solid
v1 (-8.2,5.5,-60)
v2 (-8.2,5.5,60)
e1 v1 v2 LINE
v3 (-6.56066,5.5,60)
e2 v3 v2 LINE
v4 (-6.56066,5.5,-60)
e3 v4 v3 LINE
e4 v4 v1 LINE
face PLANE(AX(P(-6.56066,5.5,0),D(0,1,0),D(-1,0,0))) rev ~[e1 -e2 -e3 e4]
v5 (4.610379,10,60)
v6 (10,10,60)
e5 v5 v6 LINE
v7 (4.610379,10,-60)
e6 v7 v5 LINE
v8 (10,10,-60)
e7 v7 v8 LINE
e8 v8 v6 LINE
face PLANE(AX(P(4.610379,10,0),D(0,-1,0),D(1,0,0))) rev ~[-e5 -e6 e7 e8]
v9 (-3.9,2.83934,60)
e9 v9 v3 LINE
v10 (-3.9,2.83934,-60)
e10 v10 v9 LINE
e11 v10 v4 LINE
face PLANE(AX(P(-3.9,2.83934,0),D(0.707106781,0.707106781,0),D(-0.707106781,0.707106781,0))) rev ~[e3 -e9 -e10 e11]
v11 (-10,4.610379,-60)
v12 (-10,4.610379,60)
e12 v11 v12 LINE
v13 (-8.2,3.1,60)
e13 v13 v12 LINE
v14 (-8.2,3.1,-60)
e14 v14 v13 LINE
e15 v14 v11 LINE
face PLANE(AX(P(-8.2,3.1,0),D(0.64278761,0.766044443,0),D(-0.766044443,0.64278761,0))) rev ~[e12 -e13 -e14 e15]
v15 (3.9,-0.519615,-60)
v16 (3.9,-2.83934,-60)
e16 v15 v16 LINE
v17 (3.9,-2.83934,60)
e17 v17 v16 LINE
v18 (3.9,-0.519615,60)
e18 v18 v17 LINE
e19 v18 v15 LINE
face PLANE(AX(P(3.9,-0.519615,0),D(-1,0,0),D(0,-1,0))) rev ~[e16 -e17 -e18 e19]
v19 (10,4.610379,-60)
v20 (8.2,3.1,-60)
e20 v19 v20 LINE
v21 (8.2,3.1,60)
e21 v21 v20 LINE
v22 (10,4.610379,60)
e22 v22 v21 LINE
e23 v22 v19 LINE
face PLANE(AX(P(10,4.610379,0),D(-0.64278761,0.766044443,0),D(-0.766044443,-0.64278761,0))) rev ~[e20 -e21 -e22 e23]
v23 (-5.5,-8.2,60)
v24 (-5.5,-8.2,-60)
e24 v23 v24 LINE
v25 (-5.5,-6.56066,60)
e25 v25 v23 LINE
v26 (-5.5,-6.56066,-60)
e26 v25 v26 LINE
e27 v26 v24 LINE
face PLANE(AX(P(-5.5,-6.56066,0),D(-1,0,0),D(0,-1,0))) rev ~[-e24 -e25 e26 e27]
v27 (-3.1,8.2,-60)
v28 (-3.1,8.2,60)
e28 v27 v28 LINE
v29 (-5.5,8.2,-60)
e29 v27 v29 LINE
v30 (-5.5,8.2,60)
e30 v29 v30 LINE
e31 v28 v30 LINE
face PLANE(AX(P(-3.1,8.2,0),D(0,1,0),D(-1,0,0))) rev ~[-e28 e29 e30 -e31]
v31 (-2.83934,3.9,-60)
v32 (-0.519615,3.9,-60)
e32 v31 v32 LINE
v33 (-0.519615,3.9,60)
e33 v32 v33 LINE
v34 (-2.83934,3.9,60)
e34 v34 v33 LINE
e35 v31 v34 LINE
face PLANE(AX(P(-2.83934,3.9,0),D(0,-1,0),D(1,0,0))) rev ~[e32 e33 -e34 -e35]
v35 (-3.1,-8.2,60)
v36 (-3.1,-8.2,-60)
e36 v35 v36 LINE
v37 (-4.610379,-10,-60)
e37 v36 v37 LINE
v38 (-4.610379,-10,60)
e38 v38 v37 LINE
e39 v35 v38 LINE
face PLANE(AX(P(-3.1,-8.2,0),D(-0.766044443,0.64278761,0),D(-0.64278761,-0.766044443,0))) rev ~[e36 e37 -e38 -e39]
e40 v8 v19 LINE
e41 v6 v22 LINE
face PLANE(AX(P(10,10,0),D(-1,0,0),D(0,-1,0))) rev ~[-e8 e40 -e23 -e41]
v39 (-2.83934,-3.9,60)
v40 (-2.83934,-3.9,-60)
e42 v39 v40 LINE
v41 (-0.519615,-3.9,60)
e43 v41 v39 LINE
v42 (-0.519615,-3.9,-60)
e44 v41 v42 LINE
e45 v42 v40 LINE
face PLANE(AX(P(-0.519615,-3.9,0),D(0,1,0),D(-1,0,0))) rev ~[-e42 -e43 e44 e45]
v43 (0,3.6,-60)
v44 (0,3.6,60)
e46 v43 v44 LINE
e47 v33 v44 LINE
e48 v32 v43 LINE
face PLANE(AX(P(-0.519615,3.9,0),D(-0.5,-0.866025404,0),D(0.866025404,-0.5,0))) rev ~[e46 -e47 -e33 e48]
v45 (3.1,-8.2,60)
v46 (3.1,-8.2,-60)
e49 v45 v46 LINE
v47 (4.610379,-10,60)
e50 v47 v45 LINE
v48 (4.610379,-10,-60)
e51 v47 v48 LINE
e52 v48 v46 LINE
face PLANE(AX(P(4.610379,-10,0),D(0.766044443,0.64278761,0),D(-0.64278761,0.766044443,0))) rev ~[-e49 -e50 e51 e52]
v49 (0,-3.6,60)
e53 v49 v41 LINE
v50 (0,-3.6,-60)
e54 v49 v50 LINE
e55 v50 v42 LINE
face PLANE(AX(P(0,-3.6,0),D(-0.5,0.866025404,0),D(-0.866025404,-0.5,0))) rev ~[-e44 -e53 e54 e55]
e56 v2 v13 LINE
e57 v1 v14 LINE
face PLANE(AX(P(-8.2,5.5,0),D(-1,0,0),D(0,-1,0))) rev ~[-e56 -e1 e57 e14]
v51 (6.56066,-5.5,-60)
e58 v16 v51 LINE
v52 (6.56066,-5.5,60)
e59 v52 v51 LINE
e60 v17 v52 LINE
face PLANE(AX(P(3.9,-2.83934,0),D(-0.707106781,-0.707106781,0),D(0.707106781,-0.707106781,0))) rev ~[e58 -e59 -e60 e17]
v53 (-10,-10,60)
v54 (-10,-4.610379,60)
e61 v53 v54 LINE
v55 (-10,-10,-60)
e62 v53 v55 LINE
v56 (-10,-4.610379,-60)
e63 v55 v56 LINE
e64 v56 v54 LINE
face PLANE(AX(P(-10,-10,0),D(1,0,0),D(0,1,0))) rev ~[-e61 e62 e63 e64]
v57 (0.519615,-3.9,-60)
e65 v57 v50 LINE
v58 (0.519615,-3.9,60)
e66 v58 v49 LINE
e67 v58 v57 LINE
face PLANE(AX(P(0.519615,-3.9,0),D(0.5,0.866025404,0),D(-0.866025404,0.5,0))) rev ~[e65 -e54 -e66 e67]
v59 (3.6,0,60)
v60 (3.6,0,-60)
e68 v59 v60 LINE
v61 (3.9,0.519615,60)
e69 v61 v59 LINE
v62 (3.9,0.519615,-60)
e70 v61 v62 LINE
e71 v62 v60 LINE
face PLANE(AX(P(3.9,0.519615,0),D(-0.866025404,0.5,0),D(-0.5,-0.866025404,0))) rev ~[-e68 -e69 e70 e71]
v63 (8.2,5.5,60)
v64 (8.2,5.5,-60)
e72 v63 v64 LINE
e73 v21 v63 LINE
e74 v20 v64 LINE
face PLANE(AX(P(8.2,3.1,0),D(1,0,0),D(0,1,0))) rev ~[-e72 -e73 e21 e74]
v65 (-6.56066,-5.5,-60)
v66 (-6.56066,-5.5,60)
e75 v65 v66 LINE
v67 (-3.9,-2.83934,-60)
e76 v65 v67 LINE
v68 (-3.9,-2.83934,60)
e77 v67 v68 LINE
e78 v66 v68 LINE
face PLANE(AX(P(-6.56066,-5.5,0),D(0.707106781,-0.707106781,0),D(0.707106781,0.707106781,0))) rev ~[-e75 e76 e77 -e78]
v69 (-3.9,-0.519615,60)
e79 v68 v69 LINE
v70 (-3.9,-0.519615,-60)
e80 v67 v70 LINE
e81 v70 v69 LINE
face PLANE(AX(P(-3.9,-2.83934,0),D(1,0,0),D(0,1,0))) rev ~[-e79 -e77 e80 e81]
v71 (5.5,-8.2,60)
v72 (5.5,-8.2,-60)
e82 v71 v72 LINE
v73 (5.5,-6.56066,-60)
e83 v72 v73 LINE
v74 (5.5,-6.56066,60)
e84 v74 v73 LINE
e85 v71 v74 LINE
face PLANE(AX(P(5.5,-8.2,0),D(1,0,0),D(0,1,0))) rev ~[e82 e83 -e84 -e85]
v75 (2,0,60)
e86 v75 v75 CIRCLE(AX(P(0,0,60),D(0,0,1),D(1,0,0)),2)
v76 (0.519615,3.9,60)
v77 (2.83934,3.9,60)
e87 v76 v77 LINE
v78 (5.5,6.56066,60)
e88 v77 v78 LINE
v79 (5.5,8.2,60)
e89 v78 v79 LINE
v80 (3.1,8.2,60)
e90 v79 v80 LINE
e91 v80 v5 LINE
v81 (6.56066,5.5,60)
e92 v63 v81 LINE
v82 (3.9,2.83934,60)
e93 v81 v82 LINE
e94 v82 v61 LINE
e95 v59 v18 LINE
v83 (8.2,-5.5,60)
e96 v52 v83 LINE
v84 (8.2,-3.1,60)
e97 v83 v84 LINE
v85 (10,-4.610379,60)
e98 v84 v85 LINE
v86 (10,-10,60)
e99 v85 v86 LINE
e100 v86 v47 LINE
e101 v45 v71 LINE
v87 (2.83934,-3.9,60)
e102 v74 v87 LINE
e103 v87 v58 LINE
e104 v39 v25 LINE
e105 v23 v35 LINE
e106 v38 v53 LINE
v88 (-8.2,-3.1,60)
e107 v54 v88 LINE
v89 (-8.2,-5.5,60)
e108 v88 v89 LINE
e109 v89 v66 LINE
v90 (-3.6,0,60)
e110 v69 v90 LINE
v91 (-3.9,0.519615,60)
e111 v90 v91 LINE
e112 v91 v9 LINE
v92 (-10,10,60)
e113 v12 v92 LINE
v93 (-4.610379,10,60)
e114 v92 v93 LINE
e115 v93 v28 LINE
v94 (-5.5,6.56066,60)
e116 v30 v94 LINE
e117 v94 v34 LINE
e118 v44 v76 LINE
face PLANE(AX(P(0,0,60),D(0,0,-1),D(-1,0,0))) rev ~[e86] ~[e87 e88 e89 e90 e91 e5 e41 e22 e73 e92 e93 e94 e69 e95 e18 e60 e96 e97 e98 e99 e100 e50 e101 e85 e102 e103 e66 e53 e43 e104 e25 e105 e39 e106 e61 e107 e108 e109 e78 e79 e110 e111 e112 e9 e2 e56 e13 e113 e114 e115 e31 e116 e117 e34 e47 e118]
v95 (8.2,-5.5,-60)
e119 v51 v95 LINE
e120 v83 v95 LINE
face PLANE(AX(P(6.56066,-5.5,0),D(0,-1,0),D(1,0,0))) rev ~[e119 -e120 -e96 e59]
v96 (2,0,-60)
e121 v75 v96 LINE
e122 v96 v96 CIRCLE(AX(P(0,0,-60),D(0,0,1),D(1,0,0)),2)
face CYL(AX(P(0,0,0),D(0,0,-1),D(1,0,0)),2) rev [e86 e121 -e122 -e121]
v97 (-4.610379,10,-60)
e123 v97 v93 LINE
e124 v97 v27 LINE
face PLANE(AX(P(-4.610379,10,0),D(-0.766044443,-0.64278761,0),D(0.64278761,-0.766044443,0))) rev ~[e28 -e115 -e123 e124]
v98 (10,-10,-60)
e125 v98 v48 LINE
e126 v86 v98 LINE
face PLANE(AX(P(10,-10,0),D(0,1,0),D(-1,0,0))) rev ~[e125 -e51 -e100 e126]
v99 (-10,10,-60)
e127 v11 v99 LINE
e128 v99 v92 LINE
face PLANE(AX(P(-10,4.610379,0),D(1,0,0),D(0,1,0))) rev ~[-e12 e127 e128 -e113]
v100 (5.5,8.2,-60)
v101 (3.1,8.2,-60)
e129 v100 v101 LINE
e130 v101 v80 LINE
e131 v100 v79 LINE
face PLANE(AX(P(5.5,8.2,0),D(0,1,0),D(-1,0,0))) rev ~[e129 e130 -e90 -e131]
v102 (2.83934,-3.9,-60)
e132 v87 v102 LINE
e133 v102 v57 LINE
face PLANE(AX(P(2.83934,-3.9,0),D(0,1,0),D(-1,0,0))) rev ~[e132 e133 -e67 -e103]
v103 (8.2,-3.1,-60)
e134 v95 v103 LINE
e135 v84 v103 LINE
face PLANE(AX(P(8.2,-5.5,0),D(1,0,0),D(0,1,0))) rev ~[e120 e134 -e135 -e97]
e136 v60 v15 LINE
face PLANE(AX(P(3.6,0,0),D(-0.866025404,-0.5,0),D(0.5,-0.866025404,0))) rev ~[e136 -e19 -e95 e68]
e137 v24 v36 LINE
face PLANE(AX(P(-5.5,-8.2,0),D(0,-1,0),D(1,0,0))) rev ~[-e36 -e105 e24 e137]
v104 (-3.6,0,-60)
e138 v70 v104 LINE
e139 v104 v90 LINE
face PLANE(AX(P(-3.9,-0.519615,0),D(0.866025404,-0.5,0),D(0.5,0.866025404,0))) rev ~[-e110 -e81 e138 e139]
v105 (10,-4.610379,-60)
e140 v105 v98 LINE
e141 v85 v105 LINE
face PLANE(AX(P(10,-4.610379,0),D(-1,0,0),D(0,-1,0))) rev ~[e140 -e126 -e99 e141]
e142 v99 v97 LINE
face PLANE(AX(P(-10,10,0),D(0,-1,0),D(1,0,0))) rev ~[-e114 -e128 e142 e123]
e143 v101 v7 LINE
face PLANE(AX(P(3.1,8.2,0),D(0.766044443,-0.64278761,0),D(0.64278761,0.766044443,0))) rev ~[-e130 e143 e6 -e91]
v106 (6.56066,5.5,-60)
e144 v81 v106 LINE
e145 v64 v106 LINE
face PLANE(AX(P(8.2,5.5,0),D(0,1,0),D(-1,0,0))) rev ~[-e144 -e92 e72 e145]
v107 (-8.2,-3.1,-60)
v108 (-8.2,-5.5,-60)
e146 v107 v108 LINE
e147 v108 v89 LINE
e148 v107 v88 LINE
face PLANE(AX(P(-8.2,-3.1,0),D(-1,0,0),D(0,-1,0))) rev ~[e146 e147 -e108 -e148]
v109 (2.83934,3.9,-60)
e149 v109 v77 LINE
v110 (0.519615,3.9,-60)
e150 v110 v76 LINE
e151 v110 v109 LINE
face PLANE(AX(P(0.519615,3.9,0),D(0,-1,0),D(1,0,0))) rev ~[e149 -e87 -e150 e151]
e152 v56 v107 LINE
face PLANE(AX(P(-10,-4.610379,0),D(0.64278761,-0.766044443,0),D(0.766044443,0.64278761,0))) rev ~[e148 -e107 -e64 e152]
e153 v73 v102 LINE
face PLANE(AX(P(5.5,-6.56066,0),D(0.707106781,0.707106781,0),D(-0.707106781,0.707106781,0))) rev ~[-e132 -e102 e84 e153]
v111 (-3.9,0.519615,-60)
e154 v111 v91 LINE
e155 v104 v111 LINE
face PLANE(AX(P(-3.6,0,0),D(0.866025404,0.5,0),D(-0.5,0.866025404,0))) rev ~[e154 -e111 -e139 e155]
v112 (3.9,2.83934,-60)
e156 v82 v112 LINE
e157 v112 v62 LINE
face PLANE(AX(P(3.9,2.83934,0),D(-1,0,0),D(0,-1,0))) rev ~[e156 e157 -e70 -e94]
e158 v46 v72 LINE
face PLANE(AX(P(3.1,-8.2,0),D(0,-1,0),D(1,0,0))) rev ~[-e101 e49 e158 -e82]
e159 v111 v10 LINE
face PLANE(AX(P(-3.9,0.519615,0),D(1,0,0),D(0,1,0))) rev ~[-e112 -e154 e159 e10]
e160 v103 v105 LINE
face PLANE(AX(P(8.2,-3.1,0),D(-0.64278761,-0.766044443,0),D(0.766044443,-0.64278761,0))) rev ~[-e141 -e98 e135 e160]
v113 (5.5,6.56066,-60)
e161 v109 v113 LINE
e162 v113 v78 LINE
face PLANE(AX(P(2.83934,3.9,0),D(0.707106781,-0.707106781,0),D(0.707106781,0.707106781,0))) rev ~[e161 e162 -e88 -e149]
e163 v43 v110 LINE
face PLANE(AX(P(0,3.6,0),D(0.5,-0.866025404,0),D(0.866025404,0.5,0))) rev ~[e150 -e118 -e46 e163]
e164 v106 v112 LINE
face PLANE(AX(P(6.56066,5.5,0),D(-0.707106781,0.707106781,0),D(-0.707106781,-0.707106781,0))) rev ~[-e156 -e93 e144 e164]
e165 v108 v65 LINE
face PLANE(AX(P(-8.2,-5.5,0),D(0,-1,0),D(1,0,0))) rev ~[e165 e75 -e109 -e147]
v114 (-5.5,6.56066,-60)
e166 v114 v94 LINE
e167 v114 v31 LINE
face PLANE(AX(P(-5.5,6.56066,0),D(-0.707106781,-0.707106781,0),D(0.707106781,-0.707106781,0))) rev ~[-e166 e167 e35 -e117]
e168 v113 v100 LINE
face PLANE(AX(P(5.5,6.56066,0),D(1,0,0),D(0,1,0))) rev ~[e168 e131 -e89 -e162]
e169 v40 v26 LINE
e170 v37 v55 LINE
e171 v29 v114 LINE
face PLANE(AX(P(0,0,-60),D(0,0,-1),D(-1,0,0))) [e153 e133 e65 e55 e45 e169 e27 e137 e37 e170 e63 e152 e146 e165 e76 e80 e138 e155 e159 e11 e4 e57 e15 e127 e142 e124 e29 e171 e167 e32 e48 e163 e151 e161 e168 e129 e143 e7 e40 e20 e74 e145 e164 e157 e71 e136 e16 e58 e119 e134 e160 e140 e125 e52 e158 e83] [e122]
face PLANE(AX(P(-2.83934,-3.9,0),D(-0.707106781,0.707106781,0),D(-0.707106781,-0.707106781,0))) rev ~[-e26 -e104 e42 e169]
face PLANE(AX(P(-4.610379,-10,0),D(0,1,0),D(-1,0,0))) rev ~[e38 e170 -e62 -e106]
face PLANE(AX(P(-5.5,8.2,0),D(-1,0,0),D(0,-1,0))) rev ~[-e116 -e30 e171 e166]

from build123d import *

# Parameters (mm, degrees)
SKETCH1_R           = 2
BOSS_EXTRUDE1_DEPTH = 60


with BuildPart() as part:
    # Sketch1 → Boss-Extrude1 (new, symmetric)
    with BuildSketch(Plane.XY):
        Polygon((10, 10), (10, 4.610379336), (8.2, 3.1), (8.2, 5.5), (6.560660172, 5.5), (3.9, 2.839339828), (3.9, 0.519615242), (3.6, 0), (3.9, -0.519615242), (3.9, -2.839339828), (6.560660172, -5.5), (8.2, -5.5), (8.2, -3.1), (10, -4.610379336), (10, -10), (4.610379336, -10), (3.1, -8.2), (5.5, -8.2), (5.5, -6.560660172), (2.839339828, -3.9), (0.519615242, -3.9), (0, -3.6), (-0.519615242, -3.9), (-2.839339828, -3.9), (-5.5, -6.560660172), (-5.5, -8.2), (-3.1, -8.2), (-4.610379336, -10), (-10, -10), (-10, -4.610379336), (-8.2, -3.1), (-8.2, -5.5), (-6.560660172, -5.5), (-3.9, -2.839339828), (-3.9, -0.519615242), (-3.6, 0), (-3.9, 0.519615242), (-3.9, 2.839339828), (-6.560660172, 5.5), (-8.2, 5.5), (-8.2, 3.1), (-10, 4.610379336), (-10, 10), (-4.610379336, 10), (-3.1, 8.2), (-5.5, 8.2), (-5.5, 6.560660172), (-2.839339828, 3.9), (-0.519615242, 3.9), (0, 3.6), (0.519615242, 3.9), (2.839339828, 3.9), (5.5, 6.560660172), (5.5, 8.2), (3.1, 8.2), (4.610379336, 10), align=None)
        Circle(SKETCH1_R, mode=Mode.SUBTRACT)
    extrude(amount=BOSS_EXTRUDE1_DEPTH, both=True)


solid = part.part
